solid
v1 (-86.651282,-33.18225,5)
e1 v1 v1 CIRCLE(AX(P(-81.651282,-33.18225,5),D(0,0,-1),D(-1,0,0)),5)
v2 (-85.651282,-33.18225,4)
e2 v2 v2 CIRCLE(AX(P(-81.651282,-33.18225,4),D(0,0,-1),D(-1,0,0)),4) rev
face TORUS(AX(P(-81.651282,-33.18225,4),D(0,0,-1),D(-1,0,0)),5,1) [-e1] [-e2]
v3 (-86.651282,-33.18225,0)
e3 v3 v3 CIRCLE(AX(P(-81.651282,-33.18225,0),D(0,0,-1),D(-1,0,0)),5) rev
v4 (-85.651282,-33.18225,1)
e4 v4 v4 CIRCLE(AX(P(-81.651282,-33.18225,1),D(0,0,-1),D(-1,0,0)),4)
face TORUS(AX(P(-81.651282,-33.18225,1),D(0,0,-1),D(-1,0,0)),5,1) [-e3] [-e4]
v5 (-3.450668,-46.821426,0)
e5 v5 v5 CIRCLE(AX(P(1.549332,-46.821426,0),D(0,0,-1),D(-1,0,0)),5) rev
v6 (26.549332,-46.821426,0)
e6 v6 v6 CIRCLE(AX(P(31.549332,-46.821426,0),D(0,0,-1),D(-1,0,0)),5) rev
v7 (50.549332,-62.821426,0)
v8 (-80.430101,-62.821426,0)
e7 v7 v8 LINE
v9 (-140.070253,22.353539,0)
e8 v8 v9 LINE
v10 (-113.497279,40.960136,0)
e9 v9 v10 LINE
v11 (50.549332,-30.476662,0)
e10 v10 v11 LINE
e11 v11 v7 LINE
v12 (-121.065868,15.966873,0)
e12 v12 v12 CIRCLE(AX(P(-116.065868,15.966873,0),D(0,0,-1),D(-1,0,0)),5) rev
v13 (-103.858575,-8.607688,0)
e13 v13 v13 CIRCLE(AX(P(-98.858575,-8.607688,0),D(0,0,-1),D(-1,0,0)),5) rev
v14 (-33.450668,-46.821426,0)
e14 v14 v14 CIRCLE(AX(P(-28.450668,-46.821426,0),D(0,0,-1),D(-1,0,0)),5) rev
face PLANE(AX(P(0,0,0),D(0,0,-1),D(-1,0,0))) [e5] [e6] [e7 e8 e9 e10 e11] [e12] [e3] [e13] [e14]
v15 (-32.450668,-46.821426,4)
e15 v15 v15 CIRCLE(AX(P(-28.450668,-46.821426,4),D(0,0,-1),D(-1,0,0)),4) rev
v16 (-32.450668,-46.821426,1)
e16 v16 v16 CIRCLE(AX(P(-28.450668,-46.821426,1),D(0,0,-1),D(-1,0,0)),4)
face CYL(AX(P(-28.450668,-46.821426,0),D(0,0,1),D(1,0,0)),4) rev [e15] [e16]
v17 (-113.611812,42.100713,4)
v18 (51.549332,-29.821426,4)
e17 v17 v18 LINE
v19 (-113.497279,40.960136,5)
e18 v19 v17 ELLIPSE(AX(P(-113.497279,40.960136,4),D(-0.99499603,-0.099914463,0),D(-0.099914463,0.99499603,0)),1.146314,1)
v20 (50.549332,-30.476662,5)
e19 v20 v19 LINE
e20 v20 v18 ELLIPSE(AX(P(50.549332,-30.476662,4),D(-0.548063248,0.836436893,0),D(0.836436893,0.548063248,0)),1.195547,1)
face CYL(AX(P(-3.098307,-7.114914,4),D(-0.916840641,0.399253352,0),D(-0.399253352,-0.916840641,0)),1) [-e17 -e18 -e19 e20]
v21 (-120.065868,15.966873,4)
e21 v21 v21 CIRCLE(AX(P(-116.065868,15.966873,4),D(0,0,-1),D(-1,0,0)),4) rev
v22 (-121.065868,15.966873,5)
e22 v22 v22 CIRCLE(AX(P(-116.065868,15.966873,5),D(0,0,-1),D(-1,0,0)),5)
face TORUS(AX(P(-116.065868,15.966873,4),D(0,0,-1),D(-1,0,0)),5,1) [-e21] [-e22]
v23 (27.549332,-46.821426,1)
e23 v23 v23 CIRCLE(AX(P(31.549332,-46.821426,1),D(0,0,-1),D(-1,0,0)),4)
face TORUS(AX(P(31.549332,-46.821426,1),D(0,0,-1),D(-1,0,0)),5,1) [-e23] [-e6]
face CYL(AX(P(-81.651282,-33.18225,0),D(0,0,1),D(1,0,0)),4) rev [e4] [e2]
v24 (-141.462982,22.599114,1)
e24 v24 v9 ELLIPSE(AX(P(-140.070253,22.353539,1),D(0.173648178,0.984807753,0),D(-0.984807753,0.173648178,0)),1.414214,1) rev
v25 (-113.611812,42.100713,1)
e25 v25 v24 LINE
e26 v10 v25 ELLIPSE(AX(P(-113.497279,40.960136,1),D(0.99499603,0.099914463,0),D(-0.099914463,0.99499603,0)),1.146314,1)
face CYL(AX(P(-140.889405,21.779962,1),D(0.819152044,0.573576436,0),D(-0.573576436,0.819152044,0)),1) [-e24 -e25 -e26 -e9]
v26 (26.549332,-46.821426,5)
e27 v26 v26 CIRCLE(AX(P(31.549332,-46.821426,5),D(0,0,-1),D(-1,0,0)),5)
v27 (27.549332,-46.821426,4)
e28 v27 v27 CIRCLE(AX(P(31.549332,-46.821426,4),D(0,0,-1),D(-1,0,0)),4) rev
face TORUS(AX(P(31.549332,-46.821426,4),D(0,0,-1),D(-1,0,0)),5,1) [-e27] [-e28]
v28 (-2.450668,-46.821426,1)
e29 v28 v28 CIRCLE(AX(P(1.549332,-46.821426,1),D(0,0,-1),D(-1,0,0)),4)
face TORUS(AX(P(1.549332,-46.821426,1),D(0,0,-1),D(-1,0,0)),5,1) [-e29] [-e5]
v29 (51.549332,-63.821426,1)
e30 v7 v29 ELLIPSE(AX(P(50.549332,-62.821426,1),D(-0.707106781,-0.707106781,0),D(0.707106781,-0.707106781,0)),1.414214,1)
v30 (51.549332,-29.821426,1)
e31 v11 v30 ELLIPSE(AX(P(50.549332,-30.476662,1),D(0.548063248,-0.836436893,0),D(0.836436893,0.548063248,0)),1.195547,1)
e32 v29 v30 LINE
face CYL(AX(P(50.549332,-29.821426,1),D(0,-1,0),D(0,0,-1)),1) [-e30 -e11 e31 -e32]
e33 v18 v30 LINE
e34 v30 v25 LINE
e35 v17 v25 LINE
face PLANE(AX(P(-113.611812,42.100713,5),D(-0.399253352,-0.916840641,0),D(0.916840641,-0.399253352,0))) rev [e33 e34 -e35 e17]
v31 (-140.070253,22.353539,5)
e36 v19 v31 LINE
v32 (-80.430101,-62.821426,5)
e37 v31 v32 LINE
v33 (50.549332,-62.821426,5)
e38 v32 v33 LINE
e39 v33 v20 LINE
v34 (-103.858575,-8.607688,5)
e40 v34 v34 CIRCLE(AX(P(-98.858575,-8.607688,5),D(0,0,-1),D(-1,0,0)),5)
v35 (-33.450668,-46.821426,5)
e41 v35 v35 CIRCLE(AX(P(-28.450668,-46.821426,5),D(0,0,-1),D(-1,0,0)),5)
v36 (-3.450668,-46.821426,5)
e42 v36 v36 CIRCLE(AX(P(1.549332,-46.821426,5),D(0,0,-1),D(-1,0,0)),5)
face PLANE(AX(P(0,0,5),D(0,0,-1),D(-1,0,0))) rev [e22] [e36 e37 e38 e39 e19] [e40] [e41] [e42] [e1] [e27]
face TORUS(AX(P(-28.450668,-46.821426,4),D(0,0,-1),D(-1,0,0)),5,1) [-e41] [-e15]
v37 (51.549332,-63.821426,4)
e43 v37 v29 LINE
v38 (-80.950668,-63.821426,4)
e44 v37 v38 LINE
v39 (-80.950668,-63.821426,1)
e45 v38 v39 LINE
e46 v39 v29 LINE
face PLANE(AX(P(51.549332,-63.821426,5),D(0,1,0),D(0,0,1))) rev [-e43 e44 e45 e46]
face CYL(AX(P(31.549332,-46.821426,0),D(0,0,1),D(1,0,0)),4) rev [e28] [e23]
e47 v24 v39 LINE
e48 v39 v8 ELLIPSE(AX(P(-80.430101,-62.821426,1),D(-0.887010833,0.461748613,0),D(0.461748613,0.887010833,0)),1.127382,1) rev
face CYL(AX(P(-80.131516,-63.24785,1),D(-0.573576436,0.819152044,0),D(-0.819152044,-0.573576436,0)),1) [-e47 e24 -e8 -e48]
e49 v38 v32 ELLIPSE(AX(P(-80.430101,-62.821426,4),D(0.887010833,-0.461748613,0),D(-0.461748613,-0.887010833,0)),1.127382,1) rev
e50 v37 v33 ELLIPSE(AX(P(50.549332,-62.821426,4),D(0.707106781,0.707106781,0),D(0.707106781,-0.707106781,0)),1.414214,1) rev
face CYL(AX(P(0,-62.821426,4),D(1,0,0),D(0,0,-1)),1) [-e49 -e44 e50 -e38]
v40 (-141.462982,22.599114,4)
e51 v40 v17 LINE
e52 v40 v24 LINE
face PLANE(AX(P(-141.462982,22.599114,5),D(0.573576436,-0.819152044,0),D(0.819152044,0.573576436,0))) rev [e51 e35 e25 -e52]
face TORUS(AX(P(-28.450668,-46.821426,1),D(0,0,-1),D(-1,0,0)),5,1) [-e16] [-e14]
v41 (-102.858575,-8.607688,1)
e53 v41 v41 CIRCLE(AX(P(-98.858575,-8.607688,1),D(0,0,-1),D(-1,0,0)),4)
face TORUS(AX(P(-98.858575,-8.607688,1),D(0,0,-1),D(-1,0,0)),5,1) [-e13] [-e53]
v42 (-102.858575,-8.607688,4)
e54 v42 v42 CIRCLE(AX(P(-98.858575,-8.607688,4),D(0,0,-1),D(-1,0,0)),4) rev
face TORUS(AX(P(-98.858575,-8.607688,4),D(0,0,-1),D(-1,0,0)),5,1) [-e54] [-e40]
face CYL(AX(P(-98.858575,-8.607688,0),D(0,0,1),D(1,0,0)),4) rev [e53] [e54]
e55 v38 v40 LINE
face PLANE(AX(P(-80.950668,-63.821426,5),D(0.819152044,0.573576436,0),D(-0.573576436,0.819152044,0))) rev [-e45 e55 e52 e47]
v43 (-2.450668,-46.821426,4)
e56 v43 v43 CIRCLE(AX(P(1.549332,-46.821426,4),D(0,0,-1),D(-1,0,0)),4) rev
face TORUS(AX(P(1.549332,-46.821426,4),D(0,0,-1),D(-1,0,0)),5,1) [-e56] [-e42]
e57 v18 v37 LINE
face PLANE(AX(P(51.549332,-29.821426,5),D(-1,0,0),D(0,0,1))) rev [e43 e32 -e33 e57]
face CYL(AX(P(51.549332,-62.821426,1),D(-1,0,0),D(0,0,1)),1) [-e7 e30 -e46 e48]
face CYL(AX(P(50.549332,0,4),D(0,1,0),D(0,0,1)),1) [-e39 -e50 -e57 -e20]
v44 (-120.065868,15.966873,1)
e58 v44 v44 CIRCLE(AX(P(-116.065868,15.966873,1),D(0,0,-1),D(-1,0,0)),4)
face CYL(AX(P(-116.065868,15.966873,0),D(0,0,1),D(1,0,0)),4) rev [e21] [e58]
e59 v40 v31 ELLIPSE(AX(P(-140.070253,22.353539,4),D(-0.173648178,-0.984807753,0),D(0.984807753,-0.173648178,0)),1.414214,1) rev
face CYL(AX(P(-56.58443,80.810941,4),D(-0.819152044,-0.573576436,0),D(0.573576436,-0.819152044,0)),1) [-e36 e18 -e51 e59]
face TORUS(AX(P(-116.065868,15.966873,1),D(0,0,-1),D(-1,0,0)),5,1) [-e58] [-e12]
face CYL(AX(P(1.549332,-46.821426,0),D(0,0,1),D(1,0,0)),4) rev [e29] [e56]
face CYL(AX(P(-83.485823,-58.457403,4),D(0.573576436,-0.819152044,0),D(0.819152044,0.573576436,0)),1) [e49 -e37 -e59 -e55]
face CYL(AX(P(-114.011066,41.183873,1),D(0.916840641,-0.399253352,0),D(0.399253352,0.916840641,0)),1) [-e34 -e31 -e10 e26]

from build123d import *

# Parameters (mm, degrees)
BOSS_EXTRUDE1_DEPTH = 5
SKETCH2_R           = 4
CUT_EXTRUDE1_DEPTH  = 156.273789463
FILLET2_R           = 1


with BuildPart() as part:
    # Sketch1 → Boss-Extrude1 (new body)
    with BuildSketch(Plane.XY):
        Polygon((-141.462981861, 22.599114355), (-113.611812355, 42.100713191), (51.549332174, -29.821426317), (51.549332174, -63.821426317), (-80.950667826, -63.821426317), align=None)
    extrude(amount=BOSS_EXTRUDE1_DEPTH)

    # Sketch2 → Cut-Extrude1 (cut, through all)
    with BuildSketch(Plane.XY.offset(5)):
        with Locations((-116.065868381, 15.966872887)):
            Circle(SKETCH2_R)
        with Locations((31.549332174, -46.821426317)):
            Circle(SKETCH2_R)
        with Locations((-98.85857529, -8.607688441)):
            Circle(SKETCH2_R)
        with Locations((-81.6512822, -33.18224977)):
            Circle(SKETCH2_R)
        with Locations((1.549332174, -46.821426317)):
            Circle(SKETCH2_R)
        with Locations((-28.450667826, -46.821426317)):
            Circle(SKETCH2_R)
    extrude(amount=-CUT_EXTRUDE1_DEPTH, mode=Mode.SUBTRACT)

    # Fillet2
    fillet2_edges = [part.edges().sort_by_distance(p)[0] for p in [
        (51.549332174, -46.821426317, 5),
        (-31.03124009, 6.139643437, 5),
        (-127.537397108, 32.349913773, 5),
        (27.549332174, -46.821426317, 0),
        (27.549332174, -46.821426317, 5),
        (-32.450667826, -46.821426317, 0),
        (-32.450667826, -46.821426317, 5),
        (-120.065868381, 15.966872887, 0),
        (-120.065868381, 15.966872887, 5),
        (-102.85857529, -8.607688441, 0),
        (-102.85857529, -8.607688441, 5),
        (-85.6512822, -33.18224977, 0),
        (-85.6512822, -33.18224977, 5),
        (-2.450667826, -46.821426317, 0),
        (-2.450667826, -46.821426317, 5),
        (-111.206824843, -20.611155981, 5),
        (-127.537397108, 32.349913773, 0),
        (-31.03124009, 6.139643437, 0),
        (51.549332174, -46.821426317, 0),
        (-14.700667826, -63.821426317, 0),
        (-111.206824843, -20.611155981, 0),
        (-14.700667826, -63.821426317, 5),
    ]]
    fillet(fillet2_edges, radius=FILLET2_R)


solid = part.part
